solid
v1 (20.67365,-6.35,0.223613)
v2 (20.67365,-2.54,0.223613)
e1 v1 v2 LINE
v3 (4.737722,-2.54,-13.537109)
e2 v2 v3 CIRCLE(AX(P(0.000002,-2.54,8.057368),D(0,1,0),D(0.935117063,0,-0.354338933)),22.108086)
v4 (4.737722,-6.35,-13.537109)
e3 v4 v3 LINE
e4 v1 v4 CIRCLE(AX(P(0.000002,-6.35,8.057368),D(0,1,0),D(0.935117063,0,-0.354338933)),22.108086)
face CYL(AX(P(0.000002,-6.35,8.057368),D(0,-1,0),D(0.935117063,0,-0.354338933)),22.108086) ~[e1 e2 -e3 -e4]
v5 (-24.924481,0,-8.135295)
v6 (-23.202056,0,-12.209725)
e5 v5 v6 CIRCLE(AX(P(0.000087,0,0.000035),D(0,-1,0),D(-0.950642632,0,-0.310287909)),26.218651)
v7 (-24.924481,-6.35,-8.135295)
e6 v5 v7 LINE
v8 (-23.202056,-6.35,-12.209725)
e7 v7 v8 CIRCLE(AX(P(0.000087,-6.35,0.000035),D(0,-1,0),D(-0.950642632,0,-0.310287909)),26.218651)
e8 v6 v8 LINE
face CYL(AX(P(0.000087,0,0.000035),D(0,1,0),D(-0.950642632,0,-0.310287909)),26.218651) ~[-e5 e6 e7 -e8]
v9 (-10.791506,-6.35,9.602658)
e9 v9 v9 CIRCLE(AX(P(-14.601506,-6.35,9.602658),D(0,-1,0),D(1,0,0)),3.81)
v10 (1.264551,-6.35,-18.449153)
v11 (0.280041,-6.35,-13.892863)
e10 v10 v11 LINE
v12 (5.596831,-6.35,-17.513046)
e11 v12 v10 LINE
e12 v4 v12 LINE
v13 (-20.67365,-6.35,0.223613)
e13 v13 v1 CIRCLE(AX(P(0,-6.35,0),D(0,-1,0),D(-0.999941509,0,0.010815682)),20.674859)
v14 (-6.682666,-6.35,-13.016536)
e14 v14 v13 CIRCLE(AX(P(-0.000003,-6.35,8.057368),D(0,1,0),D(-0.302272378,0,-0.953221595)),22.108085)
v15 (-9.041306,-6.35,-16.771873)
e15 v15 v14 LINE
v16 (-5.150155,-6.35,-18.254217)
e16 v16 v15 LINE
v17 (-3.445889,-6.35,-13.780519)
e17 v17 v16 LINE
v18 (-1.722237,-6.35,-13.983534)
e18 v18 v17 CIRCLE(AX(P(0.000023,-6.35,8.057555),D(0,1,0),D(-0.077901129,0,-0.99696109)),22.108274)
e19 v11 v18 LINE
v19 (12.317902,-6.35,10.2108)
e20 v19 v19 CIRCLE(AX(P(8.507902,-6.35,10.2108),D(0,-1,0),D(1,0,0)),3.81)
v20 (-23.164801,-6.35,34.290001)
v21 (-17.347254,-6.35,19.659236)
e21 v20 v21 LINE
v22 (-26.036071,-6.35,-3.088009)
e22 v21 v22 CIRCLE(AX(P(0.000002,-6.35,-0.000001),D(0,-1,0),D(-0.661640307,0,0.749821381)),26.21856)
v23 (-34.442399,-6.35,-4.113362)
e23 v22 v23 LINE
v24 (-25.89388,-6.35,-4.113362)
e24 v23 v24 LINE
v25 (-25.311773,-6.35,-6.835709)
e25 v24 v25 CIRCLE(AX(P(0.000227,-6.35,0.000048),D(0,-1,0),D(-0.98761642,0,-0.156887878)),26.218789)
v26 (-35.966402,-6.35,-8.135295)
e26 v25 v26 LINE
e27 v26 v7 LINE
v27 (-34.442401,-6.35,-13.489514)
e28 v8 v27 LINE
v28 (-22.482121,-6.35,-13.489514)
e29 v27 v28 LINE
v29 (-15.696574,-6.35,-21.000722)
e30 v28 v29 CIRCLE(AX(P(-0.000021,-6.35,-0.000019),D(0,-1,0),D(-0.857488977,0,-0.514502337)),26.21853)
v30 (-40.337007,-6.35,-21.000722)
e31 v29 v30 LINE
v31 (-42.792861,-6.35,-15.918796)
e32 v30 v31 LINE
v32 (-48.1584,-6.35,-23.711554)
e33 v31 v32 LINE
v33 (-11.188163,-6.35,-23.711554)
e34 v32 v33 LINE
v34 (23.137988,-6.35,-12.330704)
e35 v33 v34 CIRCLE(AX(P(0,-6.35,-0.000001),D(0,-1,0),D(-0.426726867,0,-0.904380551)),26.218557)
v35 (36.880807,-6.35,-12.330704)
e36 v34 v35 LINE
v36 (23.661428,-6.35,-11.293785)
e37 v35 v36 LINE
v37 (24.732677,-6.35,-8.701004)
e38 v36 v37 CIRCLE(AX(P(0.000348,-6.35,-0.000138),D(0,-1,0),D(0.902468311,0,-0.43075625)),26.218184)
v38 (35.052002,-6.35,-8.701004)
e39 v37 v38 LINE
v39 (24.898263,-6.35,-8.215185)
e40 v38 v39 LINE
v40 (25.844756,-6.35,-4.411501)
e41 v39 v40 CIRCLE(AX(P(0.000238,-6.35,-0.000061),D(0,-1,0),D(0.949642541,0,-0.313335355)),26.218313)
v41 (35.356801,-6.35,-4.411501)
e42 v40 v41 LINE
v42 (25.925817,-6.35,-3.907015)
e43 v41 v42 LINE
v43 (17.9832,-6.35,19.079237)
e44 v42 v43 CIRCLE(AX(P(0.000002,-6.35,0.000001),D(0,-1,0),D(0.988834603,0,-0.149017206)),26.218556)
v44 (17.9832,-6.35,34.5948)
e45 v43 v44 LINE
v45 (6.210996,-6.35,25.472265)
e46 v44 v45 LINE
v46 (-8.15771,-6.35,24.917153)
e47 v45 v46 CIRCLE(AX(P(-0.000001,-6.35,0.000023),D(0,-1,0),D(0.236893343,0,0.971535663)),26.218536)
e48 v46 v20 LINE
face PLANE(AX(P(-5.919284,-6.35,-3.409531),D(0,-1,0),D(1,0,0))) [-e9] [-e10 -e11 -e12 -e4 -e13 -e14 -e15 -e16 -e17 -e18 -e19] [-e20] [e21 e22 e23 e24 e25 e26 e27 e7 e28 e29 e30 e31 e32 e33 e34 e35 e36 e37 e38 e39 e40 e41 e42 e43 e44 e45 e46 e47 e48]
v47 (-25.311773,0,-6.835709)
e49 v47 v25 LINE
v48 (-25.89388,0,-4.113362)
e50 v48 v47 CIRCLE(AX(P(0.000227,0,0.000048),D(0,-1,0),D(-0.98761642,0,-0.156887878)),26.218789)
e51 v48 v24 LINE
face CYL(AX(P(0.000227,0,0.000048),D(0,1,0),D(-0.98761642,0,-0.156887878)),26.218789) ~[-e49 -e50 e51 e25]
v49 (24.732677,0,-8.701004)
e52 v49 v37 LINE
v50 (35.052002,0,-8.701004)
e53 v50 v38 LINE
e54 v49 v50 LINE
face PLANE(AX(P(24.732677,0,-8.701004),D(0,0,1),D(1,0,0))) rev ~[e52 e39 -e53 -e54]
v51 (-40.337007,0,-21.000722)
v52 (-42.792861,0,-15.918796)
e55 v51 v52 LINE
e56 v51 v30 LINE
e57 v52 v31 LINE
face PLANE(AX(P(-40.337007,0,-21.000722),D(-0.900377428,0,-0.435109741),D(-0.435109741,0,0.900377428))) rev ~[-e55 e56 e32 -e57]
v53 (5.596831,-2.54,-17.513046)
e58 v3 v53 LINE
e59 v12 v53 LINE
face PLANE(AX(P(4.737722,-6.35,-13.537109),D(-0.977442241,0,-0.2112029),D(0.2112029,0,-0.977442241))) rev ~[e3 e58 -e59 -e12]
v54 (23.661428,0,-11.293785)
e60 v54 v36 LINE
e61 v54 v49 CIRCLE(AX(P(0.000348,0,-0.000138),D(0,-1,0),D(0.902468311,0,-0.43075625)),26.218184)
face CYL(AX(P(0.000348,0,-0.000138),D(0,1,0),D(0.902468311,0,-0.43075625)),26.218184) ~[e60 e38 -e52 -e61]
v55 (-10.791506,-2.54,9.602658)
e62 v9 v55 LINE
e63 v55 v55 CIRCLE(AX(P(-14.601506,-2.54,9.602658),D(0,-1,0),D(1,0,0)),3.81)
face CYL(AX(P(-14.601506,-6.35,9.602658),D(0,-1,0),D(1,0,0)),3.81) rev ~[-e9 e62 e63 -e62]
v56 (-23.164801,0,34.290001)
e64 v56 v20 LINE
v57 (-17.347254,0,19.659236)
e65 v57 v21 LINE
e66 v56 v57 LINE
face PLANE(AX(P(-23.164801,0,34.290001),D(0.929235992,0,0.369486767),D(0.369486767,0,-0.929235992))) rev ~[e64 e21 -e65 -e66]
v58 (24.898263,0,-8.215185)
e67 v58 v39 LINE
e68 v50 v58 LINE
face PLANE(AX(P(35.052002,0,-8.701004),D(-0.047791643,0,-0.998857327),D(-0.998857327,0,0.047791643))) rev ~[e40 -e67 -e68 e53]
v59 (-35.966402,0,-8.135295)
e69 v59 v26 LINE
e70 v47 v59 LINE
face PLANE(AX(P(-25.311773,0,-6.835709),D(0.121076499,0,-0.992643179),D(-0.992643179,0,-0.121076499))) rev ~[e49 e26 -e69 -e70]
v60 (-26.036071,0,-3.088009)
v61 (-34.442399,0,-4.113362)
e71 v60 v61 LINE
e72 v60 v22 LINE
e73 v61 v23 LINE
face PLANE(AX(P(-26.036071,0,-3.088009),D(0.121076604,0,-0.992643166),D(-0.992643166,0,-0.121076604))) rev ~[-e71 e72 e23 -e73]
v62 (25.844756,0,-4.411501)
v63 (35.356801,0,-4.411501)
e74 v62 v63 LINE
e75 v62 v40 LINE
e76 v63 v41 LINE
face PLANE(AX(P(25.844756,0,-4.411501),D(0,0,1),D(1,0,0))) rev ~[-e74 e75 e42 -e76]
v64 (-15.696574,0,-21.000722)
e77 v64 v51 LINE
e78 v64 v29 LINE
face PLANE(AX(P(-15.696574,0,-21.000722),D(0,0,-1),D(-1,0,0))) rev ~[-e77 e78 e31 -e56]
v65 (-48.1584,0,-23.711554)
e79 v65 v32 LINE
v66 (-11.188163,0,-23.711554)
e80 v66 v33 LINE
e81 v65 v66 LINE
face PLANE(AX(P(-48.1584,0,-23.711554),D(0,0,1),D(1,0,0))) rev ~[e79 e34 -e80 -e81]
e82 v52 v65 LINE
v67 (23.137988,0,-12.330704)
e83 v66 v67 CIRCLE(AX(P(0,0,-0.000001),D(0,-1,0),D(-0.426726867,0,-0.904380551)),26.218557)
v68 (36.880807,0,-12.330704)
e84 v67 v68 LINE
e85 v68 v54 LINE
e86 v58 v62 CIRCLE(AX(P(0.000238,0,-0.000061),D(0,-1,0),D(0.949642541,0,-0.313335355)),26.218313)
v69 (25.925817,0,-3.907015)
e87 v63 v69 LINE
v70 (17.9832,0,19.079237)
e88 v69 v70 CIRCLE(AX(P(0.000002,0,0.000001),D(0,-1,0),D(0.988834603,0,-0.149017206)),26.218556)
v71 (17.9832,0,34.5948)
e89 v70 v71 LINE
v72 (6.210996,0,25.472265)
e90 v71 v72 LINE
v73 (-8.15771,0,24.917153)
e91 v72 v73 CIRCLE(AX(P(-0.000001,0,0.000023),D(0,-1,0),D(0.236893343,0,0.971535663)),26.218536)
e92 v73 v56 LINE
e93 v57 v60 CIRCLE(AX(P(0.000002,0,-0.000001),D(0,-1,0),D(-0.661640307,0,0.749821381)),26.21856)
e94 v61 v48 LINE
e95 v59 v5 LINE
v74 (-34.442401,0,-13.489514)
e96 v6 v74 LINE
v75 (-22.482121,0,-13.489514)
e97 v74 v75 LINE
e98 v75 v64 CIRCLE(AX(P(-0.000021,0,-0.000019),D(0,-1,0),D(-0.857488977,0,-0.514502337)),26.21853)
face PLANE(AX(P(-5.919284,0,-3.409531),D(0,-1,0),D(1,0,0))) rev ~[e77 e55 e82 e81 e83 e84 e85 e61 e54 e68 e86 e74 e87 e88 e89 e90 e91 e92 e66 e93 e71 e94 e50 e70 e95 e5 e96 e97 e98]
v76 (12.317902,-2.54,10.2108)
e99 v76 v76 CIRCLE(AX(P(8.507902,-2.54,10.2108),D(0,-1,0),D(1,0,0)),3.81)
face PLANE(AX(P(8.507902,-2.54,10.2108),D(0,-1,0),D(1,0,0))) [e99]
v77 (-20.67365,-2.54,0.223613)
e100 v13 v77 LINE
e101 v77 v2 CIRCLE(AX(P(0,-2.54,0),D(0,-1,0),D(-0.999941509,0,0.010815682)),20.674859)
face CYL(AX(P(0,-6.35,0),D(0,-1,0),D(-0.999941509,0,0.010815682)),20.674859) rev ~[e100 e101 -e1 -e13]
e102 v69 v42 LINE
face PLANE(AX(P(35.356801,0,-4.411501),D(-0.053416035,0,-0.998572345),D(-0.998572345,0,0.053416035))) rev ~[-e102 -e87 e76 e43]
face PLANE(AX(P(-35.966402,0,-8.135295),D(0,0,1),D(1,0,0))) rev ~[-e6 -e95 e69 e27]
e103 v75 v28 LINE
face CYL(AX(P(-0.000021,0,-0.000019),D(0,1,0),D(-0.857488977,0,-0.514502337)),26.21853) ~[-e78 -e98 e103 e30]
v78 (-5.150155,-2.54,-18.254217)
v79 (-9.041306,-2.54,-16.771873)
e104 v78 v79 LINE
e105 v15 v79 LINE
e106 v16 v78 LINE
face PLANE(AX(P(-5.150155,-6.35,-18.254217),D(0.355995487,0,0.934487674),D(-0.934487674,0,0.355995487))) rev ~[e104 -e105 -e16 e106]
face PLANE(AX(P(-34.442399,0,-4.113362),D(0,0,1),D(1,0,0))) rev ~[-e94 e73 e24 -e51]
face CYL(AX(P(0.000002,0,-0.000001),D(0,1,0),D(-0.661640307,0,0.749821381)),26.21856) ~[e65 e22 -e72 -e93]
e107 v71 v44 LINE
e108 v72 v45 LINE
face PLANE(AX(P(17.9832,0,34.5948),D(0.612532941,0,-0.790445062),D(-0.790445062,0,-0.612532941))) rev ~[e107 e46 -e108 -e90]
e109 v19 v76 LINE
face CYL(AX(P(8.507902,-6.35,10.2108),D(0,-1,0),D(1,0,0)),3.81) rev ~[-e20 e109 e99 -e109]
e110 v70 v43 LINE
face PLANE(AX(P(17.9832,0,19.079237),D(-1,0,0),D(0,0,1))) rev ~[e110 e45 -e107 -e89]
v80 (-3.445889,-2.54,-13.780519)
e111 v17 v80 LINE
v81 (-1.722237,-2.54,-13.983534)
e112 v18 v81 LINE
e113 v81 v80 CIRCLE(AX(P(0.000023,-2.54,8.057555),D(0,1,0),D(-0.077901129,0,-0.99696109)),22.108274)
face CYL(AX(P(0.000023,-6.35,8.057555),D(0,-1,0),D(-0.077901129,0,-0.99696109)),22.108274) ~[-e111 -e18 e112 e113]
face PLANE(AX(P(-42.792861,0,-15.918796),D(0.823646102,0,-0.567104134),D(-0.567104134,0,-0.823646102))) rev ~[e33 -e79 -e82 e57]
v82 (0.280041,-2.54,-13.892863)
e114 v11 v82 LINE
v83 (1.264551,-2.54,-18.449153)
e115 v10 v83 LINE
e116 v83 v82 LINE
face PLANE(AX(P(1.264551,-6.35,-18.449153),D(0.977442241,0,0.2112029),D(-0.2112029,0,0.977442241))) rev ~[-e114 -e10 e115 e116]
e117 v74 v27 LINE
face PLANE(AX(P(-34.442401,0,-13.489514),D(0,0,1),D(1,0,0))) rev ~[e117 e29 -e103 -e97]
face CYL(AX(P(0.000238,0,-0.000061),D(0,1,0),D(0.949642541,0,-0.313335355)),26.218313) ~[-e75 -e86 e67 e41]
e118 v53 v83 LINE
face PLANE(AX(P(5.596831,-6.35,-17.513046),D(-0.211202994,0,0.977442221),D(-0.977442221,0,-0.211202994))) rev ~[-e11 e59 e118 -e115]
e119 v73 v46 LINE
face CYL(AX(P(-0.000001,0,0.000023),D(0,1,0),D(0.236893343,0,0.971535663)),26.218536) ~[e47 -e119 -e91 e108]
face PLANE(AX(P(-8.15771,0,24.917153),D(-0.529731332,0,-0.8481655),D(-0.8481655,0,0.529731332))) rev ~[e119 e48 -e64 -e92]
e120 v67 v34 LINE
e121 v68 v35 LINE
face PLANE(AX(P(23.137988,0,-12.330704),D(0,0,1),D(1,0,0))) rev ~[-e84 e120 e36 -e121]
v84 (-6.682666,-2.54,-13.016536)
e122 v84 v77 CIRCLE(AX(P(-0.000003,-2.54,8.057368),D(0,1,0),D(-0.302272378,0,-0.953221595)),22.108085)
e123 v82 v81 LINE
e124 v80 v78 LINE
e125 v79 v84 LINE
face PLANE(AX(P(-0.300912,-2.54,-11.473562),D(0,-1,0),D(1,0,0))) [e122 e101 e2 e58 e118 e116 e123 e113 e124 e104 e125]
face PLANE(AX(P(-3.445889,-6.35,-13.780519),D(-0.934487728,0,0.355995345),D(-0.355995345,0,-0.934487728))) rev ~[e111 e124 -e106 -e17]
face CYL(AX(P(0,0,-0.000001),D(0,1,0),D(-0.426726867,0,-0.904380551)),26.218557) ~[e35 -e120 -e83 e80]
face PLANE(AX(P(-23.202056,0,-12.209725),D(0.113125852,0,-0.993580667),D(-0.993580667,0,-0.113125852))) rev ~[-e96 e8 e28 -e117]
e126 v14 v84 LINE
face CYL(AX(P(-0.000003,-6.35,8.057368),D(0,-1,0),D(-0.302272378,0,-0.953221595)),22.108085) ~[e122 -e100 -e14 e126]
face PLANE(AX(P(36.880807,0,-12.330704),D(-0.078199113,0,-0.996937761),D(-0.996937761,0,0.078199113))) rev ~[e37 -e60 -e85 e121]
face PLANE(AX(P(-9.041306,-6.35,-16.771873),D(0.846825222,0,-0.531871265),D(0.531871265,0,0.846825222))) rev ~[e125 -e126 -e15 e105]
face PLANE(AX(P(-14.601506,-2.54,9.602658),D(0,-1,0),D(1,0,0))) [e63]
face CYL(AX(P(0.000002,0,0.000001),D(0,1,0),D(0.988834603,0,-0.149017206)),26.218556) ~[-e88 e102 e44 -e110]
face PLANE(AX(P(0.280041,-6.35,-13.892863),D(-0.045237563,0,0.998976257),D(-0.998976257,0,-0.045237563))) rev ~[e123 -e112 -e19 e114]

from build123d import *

# Parameters (mm, degrees)
F1_DEPTH = 6.35
F2_R     = 3.81
F3_DEPTH = 3.81


with BuildPart() as f1:
    # F0 (on Front) → F1 (new body)
    with BuildSketch(Plane.XZ):
        with BuildLine():
            Line((-23.164801, 34.290001), (-17.347254, 19.659236))
            ThreePointArc((-17.347254, 19.659236), (-24.492601, 9.355494), (-26.036071, -3.088009))
            Line((-26.036071, -3.088009), (-34.442399, -4.113362))
            Line((-34.442399, -4.113362), (-25.89388, -4.113362))
            ThreePointArc((-25.89388, -4.113362), (-25.638984, -5.482267), (-25.311773, -6.835709))
            Line((-25.311773, -6.835709), (-35.966402, -8.135295))
            Line((-35.966402, -8.135295), (-24.924481, -8.135295))
            ThreePointArc((-24.924481, -8.135295), (-24.14935, -10.208901), (-23.202056, -12.209725))
            Line((-23.202056, -12.209725), (-34.442401, -13.489514))
            Line((-34.442401, -13.489514), (-22.482121, -13.489514))
            ThreePointArc((-22.482121, -13.489514), (-19.455276, -17.575694), (-15.696574, -21.000722))
            Line((-15.696574, -21.000722), (-40.337007, -21.000722))
            Line((-40.337007, -21.000722), (-42.792861, -15.918796))
            Line((-42.792861, -15.918796), (-48.1584, -23.711554))
            Line((-48.1584, -23.711554), (-11.188163, -23.711554))
            ThreePointArc((-11.188163, -23.711554), (8.251092, -24.886387), (23.137988, -12.330704))
            Line((23.137988, -12.330704), (36.880807, -12.330704))
            Line((36.880807, -12.330704), (23.661428, -11.293785))
            ThreePointArc((23.661428, -11.293785), (24.231756, -10.011733), (24.732677, -8.701004))
            Line((24.732677, -8.701004), (35.052002, -8.701004))
            Line((35.052002, -8.701004), (24.898263, -8.215185))
            ThreePointArc((24.898263, -8.215185), (25.442691, -6.331056), (25.844756, -4.411501))
            Line((25.844756, -4.411501), (35.356801, -4.411501))
            Line((35.356801, -4.411501), (25.925817, -3.907015))
            ThreePointArc((25.925817, -3.907015), (24.780888, 8.562731), (17.9832, 19.079237))
            Line((17.9832, 19.079237), (17.9832, 34.5948))
            Line((17.9832, 34.5948), (6.210996, 25.472265))
            ThreePointArc((6.210996, 25.472265), (-1.012157, 26.199014), (-8.15771, 24.917153))
            Line((-8.15771, 24.917153), (-23.164801, 34.290001))
        make_face()
    extrude(amount=F1_DEPTH)

    # F2 (on face) → F3 (cut)
    with BuildSketch(Plane.XZ.offset(6.35)):
        with Locations((8.507902, 10.2108)):
            Circle(F2_R)
        with Locations((-14.601506, 9.602658)):
            Circle(F2_R)
        with BuildLine():
            ThreePointArc((-6.682666, -13.016536), (-15.195966, -8.000344), (-20.67365, 0.223613))
            ThreePointArc((-20.67365, 0.223613), (0, -20.674859), (20.67365, 0.223613))
            ThreePointArc((20.67365, 0.223613), (14.449008, -8.675643), (4.737722, -13.537109))
            Line((4.737722, -13.537109), (5.596831, -17.513046))
            Line((5.596831, -17.513046), (1.264551, -18.449153))
            Line((1.264551, -18.449153), (0.280041, -13.892863))
            Line((0.280041, -13.892863), (-1.722237, -13.983534))
            ThreePointArc((-1.722237, -13.983534), (-2.586056, -13.898947), (-3.445889, -13.780519))
            Line((-3.445889, -13.780519), (-5.150155, -18.254217))
            Line((-5.150155, -18.254217), (-9.041306, -16.771873))
            Line((-9.041306, -16.771873), (-6.682666, -13.016536))
        make_face()
    extrude(amount=-F3_DEPTH, mode=Mode.SUBTRACT)


solid = f1.part
